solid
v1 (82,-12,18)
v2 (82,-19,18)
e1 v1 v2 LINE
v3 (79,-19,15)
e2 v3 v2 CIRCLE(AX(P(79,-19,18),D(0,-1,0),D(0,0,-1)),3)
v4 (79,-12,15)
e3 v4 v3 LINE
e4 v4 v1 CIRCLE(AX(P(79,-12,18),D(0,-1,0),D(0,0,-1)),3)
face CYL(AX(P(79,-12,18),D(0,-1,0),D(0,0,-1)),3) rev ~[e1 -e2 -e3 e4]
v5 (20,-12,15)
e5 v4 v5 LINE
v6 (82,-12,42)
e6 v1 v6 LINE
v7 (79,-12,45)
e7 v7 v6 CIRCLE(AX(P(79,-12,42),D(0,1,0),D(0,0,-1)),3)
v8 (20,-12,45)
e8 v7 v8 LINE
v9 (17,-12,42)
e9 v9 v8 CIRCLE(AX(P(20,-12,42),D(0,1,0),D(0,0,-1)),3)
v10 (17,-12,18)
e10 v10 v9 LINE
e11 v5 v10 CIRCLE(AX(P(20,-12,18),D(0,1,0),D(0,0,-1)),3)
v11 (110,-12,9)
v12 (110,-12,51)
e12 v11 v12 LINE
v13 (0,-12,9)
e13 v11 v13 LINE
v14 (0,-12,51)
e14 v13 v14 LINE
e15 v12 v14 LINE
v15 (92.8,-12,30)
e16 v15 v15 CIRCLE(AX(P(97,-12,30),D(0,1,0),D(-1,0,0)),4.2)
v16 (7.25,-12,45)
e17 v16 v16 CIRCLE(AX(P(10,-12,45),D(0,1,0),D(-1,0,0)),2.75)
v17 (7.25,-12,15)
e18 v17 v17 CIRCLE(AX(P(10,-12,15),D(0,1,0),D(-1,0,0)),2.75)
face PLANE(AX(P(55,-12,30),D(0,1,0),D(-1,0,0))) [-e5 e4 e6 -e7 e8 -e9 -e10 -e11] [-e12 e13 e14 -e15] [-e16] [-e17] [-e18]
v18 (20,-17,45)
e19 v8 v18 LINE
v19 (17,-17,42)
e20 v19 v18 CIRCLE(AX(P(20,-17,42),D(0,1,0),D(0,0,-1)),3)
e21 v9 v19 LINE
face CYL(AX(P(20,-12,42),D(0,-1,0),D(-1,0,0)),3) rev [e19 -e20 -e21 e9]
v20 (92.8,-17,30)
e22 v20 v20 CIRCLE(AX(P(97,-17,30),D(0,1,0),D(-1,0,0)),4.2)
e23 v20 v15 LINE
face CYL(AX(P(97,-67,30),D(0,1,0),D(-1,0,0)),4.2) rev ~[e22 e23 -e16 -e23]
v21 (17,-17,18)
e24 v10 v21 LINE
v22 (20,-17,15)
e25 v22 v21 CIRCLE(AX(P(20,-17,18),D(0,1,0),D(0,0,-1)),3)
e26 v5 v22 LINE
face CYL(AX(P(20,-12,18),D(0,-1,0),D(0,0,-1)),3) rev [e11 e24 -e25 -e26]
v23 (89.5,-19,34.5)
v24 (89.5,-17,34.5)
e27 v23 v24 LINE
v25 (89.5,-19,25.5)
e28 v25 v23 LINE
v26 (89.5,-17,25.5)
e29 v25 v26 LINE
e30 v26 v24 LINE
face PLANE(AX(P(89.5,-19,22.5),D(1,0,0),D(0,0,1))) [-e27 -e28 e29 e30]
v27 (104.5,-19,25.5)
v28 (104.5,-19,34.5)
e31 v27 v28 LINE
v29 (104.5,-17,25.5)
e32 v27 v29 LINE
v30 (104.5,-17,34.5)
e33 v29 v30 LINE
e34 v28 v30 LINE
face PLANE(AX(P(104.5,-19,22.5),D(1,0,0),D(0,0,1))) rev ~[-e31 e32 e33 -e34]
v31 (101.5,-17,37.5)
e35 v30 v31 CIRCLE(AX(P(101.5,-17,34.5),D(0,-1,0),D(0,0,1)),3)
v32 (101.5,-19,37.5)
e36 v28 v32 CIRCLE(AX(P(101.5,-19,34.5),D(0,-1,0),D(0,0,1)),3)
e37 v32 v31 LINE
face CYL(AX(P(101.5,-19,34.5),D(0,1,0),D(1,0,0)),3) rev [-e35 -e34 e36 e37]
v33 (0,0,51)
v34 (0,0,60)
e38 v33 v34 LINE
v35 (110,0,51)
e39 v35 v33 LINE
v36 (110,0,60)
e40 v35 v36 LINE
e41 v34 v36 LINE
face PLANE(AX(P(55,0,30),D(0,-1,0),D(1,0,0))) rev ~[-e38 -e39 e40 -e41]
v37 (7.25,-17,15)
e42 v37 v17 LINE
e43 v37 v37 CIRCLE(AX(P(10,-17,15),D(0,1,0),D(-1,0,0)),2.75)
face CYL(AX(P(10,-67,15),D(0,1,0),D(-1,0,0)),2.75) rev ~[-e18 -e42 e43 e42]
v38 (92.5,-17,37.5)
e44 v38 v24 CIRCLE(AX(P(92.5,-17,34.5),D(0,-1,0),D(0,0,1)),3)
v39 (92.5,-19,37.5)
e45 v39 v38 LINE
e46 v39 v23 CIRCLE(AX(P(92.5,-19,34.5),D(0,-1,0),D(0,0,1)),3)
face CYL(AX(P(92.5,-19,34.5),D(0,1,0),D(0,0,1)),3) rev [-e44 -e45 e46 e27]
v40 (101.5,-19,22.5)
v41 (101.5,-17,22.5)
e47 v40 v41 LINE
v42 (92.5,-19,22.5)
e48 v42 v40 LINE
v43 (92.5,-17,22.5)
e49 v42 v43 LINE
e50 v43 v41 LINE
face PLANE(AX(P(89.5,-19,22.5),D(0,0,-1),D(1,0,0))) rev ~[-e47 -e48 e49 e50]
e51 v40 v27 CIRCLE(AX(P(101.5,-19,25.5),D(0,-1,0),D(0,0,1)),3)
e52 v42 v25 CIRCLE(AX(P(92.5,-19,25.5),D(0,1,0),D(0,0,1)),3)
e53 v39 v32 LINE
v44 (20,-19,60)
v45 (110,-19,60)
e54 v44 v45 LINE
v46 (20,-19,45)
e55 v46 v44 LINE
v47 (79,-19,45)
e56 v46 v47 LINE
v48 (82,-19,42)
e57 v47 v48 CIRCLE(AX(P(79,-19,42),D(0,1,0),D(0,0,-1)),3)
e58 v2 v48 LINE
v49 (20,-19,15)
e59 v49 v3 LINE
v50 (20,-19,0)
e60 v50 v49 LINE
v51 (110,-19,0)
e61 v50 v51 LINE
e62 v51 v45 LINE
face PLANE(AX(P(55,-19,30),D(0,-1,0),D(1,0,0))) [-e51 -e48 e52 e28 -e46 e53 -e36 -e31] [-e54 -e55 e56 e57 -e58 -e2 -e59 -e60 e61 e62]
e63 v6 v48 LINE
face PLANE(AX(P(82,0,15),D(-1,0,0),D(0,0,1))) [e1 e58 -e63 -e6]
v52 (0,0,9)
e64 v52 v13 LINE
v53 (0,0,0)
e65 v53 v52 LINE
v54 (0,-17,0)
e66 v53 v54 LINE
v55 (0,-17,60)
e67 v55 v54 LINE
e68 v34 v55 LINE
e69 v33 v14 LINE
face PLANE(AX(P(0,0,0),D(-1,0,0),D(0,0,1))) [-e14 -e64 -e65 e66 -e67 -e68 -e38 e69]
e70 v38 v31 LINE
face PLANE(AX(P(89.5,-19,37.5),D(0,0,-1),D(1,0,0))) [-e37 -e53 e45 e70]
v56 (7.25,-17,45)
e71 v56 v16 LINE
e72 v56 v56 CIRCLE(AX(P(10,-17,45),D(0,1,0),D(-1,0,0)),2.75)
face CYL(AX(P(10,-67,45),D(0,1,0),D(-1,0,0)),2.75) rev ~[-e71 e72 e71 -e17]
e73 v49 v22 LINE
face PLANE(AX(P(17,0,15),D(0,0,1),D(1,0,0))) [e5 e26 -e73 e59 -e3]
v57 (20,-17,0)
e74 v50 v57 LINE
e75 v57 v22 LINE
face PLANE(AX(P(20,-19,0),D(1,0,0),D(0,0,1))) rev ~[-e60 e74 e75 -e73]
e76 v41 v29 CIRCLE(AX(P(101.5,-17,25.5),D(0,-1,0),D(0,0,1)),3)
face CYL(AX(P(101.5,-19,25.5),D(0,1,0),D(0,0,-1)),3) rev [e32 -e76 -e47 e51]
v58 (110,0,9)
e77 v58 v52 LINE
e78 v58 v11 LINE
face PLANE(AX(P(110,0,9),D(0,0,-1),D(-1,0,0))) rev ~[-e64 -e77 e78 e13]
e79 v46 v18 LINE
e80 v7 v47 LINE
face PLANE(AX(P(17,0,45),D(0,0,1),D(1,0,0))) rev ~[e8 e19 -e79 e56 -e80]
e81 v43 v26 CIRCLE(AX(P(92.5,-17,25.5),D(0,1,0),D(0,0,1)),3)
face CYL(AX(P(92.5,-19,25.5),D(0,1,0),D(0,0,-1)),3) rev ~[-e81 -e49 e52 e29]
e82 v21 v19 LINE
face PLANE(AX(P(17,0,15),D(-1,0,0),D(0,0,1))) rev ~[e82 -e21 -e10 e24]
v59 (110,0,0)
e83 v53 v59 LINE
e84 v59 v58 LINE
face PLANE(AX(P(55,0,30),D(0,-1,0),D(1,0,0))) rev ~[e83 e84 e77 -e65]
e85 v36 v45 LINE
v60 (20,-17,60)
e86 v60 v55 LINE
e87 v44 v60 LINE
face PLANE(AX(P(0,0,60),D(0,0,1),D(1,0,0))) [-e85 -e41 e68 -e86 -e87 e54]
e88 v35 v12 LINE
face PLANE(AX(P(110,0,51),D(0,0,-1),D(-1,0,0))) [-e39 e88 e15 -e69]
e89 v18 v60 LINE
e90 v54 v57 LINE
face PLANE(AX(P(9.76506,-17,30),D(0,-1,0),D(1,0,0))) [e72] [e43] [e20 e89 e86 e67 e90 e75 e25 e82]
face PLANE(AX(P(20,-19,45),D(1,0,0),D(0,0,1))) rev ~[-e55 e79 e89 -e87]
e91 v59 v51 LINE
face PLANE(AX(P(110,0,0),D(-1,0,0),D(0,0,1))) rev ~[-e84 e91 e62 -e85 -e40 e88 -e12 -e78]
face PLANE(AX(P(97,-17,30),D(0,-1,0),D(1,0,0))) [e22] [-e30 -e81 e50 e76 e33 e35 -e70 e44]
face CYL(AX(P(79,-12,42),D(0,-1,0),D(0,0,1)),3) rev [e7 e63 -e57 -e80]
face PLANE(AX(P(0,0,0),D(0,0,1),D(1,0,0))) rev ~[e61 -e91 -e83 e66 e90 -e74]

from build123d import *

# Parameters (mm, degrees)
F0_W     = 110
F0_H     = 60
F0_W_2   = 65
F0_H_2   = 30
F1_DEPTH = 19
F2_W     = 110
F2_H     = 42
F2_W_2   = 65
F2_H_2   = 30
F3_DEPTH = 12
F4_W     = 15
F4_H     = 15
F5_DEPTH = 2
F6_R     = 3
F8_D     = 5.5
F8_DEPTH = 50
F9_D     = 8.4
F9_DEPTH = 50


with BuildPart() as f1:
    # F0 (on Front) → F1 (new body)
    with BuildSketch(Plane.XZ):
        with Locations((55, 30)):
            Rectangle(F0_W, F0_H)
        with Locations((49.5, 30)):
            Rectangle(F0_W_2, F0_H_2, mode=Mode.SUBTRACT)
    extrude(amount=F1_DEPTH)

    # F2 (on face) → F3 (cut)
    with BuildSketch(Plane(origin=(0, 0, 0), x_dir=(-1, 0, 0), z_dir=(0, 1, 0))):
        with Locations((-55, 30)):
            Rectangle(F2_W, F2_H)
        with Locations((-49.5, 30)):
            Rectangle(F2_W_2, F2_H_2, mode=Mode.SUBTRACT)
    extrude(amount=-F3_DEPTH, mode=Mode.SUBTRACT)

    # F4 (on face) → F5 (cut)
    with BuildSketch(Plane.XZ.offset(19)):
        Polygon((20, 60), (0, 60), (0, 0), (20, 0), (20, 15), (17, 15), (17, 45), (20, 45), align=None)
        with Locations((97, 30)):
            Rectangle(F4_W, F4_H)
    extrude(amount=-F5_DEPTH, mode=Mode.SUBTRACT)

    # F6
    f6_edges = [f1.edges().sort_by_distance(p)[0] for p in [
        (17, -14.5, 45),
        (17, -14.5, 15),
        (82, -15.5, 45),
        (82, -15.5, 15),
        (89.5, -18, 37.5),
        (104.5, -18, 37.5),
        (104.5, -18, 22.5),
        (89.5, -18, 22.5),
    ]]
    fillet(f6_edges, radius=F6_R)

    # F8
    with Locations(Plane.XZ.offset(17)):
        with Locations((10, 45), (10, 15)):
            Hole(F8_D / 2, depth=F8_DEPTH)

    # F9
    with Locations(Plane.XZ.offset(17)):
        with Locations((97, 30)):
            Hole(F9_D / 2, depth=F9_DEPTH)


solid = f1.part
